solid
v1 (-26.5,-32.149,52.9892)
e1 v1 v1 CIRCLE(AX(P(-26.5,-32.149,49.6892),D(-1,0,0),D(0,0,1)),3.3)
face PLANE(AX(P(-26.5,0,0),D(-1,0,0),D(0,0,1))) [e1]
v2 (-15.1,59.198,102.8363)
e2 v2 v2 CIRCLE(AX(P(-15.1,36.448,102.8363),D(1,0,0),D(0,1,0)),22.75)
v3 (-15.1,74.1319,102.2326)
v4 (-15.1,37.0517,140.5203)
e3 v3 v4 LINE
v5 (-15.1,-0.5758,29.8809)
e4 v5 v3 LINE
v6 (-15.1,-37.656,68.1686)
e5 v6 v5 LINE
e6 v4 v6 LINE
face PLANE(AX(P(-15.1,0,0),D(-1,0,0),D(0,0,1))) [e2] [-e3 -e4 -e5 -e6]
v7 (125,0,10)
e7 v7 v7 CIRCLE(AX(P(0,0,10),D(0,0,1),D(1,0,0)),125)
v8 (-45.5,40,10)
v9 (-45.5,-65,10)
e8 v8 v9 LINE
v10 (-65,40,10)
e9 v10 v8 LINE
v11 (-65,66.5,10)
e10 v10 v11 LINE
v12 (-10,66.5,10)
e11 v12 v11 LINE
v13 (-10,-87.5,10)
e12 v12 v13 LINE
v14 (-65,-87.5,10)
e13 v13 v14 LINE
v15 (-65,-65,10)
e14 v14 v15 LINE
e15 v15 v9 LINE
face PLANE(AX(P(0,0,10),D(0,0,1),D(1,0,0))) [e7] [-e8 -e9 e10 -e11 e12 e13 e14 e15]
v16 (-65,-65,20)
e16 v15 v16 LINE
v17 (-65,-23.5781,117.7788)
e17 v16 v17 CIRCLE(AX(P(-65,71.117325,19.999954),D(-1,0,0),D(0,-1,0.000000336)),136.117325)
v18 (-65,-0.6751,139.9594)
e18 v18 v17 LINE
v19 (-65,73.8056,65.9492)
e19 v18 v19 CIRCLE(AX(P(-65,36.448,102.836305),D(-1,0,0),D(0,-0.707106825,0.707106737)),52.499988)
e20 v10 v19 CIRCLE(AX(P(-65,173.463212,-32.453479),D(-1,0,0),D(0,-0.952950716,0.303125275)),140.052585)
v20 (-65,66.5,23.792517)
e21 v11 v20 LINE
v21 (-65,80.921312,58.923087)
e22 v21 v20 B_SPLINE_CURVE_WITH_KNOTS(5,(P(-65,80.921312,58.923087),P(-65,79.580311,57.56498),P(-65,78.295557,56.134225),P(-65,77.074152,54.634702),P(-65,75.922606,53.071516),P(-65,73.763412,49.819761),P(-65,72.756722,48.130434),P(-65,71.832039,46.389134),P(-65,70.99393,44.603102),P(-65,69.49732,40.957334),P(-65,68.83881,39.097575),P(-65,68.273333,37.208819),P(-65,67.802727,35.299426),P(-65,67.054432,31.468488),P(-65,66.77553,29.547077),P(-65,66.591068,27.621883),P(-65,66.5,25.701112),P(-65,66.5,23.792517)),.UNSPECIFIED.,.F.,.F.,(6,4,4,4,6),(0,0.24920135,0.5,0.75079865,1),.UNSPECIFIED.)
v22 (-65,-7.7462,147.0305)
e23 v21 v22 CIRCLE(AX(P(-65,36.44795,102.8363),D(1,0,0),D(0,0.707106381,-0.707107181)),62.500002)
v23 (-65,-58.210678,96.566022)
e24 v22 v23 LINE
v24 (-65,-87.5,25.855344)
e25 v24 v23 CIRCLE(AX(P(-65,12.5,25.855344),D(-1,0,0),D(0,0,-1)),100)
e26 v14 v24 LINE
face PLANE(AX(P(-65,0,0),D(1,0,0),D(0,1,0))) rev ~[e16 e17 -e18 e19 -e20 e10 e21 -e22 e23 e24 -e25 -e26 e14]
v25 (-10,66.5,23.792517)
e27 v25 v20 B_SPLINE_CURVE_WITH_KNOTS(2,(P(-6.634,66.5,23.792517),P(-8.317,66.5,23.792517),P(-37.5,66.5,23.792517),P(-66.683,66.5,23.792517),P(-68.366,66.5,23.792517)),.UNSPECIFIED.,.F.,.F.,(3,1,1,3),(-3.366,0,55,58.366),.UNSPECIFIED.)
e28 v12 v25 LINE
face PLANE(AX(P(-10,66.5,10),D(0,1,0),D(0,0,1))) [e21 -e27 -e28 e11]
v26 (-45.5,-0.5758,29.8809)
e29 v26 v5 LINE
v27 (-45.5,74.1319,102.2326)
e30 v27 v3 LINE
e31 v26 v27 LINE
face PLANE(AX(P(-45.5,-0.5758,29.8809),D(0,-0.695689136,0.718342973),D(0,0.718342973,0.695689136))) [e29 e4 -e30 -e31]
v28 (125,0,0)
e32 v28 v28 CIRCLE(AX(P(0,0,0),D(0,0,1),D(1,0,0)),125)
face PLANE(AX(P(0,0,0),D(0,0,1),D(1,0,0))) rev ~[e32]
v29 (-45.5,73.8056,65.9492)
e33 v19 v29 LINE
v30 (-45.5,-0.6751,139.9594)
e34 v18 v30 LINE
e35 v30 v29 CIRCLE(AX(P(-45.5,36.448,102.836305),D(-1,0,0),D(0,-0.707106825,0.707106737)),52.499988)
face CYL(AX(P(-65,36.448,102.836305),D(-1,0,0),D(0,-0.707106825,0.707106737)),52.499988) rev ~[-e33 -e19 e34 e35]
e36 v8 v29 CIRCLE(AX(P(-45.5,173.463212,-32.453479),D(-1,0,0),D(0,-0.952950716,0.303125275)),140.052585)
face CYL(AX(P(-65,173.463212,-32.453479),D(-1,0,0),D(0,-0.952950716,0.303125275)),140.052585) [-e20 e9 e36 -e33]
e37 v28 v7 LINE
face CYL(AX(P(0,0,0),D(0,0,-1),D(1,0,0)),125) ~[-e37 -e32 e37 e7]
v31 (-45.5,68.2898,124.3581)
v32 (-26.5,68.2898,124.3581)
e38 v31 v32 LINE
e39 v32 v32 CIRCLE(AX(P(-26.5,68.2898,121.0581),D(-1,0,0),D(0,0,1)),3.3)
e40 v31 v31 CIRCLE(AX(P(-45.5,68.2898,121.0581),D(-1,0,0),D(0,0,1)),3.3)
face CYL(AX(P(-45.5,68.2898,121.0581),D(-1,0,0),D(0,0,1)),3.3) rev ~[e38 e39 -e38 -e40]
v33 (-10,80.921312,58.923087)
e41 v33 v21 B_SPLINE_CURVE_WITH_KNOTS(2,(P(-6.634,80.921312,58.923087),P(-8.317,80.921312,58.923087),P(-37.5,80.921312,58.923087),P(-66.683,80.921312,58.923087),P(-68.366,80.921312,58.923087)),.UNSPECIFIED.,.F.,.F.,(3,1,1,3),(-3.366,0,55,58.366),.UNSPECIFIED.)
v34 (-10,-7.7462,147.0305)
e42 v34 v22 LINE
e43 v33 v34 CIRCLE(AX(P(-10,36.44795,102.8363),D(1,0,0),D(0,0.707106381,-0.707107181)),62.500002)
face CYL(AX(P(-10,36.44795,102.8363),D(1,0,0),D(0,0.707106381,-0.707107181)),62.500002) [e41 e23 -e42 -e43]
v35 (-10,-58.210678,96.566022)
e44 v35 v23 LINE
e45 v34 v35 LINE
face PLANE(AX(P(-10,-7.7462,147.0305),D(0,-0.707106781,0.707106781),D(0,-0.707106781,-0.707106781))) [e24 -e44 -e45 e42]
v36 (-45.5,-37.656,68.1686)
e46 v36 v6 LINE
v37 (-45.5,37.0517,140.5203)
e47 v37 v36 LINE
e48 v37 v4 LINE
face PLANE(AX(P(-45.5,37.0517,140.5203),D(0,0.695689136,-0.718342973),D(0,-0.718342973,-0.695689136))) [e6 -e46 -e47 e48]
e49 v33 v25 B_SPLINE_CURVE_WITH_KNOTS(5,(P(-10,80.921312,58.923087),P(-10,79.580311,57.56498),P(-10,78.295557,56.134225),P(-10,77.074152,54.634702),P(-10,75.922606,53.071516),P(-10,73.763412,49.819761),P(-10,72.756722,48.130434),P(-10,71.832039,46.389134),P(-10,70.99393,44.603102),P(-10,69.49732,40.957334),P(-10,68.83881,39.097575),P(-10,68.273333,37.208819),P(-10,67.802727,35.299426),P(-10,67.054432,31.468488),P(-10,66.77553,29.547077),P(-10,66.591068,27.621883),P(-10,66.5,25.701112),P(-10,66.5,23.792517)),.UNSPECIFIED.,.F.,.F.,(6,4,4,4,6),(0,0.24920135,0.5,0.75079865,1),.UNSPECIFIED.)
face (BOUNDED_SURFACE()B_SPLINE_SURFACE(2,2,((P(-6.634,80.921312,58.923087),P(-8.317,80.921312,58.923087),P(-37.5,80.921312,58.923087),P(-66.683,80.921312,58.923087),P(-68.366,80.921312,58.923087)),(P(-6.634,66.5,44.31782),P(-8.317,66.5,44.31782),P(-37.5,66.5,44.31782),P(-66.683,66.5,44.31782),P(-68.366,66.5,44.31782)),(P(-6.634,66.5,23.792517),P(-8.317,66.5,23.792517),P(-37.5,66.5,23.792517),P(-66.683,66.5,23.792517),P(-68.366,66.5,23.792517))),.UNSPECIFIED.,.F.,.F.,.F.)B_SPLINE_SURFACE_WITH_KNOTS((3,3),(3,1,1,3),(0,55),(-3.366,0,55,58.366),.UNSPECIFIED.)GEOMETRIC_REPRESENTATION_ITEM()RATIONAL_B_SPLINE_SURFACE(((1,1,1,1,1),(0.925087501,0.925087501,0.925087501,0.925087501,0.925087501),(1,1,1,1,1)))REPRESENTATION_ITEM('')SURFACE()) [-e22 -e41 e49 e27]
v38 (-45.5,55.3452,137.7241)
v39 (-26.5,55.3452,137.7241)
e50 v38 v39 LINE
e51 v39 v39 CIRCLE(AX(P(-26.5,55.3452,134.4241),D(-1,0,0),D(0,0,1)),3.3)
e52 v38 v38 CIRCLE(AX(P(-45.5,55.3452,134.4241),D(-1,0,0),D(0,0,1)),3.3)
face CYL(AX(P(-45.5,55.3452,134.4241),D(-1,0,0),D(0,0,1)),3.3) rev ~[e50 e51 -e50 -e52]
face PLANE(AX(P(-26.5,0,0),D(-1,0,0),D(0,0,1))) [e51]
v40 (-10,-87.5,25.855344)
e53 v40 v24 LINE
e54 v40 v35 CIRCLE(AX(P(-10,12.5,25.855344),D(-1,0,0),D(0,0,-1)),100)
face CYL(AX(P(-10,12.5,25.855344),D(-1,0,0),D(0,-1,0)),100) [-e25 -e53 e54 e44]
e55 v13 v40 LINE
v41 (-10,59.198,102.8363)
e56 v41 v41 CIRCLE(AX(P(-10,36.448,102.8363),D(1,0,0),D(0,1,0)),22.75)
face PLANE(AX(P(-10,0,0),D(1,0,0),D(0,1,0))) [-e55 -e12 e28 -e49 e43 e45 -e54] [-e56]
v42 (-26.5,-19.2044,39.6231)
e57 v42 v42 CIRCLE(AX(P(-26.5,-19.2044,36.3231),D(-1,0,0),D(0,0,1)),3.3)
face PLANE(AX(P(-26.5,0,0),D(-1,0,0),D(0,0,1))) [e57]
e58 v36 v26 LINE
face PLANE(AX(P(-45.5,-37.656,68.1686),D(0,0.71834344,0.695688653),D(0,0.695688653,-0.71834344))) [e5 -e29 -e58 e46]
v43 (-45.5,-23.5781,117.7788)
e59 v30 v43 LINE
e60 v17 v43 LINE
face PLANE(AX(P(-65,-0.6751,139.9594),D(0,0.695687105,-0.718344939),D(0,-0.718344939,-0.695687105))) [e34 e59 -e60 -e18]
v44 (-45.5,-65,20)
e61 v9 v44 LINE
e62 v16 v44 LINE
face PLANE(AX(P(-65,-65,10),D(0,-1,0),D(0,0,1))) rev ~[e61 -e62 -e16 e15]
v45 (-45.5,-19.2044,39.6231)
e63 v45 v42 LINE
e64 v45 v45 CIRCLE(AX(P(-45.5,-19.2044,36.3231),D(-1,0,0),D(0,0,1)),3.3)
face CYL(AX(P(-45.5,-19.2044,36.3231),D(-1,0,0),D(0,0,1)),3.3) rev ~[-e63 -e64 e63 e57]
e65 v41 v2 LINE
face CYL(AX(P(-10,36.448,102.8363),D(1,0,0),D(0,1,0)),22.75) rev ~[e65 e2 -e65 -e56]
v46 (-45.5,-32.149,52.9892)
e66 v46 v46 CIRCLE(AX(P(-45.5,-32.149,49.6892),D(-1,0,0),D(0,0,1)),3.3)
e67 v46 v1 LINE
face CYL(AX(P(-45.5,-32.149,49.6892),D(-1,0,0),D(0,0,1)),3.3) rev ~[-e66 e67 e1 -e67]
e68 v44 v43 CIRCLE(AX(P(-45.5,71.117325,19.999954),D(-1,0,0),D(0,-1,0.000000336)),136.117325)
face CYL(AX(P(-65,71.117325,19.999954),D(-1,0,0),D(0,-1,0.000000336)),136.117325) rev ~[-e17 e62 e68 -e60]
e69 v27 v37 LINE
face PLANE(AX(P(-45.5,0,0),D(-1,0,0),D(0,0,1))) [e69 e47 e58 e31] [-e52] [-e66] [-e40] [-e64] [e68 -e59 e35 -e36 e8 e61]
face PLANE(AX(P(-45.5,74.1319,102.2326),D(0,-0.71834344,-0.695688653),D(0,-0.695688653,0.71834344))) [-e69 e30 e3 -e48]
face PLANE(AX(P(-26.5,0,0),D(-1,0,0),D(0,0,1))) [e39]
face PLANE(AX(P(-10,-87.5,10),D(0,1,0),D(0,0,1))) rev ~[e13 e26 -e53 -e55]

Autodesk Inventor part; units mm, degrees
ref_plane "XZ Plane" through (0, 0, 0) normal (0, 1, 0) x (-1, 0, 0)
ref_plane "XY Plane" through (0, 0, 0) normal (0, 0, 1) x (1, 0, 0)
sketch "Sketch1" plane through (0, 0, 0) normal (0, 0, 1) x (1, 0, 0)
  circle A0 centre (0, 0) radius 125
  dimension "d0" = 250
extrude "Extrusion1" add sketch "Sketch1" along normal blind 10
ref_plane "Work Plane1" through (-10, 0, 0) normal (1, 0, 0) x (0, 1, 0)
sketch "Sketch2" plane through (-10, 0, 0) normal (1, 0, 0) x (0, 1, 0)
  line L0 (0, 0) -> (0, 156.8689) construction
  line L1 (125, 10) -> (-125, 10) projected
  line L2 (0, 10) -> (-87.5, 10)
  line L3 (-87.5, 10) -> (-87.5, 67.2767)
  line L4 (0, 10) -> (66.5, 10)
  line L5 (66.5, 10) -> (66.5, 44.5)
  line L6 (66.5, 44.5) -> (80.6421, 58.6421)
  line L7 (66.5, 44.5) -> (86.5, 44.5) construction
  line L8 (80.6421, 58.6421) -> (-7.7462, 147.0305) construction
  arc A0 (80.6421, 58.6421) -> (-7.7462, 147.0305) centre (36.448, 102.8363) ccw
  line L9 (-7.7462, 147.0305) -> (-87.5, 67.2767)
  line L10 (-7.7462, 147.0305) -> (127.2538, 147.0305) construction
  circle A1 centre (36.448, 102.8363) radius 22.75
  dimension "d4" = 87.5
  dimension "d6" = 66.5
  dimension "d7" = 34.5
  dimension "d8" = 20
  dimension "d9" = 45
  dimension "d10" = 125
  dimension "d11" = 135
  dimension "d12" = 45.5
extrude "Extrusion2" add sketch "Sketch2" against normal blind 55
fillet "Fillet1" radius 100 1 edges at (-37.5, -87.5, 67.2767)
fillet "Fillet2" radius 50 1 edges at (-37.5, 66.5, 44.5)
sketch "Sketch3" plane through (-65, 0, 0) normal (-1, 0, 0) x (0, 0, 1)
  line L0 (25.8553, -87.5) -> (10, -87.5) projected
  line L1 (10, -87.5) -> (25.8553, -87.5)
  arc A0 (25.8553, -87.5) -> (96.566, -58.2107) centre (25.8553, 12.5) ccw projected
  arc A1 (25.8553, -87.5) -> (96.566, -58.2107) centre (25.8553, 12.5) ccw
  line L2 (96.566, -58.2107) -> (147.0305, -7.7462) projected
  line L3 (96.566, -58.2107) -> (147.0305, -7.7462)
  arc A2 (147.0305, -7.7462) -> (58.6421, 80.6421) centre (102.8363, 36.448) ccw projected
  arc A3 (147.0305, -7.7462) -> (58.9231, 80.9213) centre (102.8363, 36.448) ccw
  arc A4 (23.7925, 66.5) -> (58.9231, 80.9213) centre (23.7925, 116.5) ccw projected
  arc A5 (23.7925, 66.5) -> (58.9231, 80.9213) centre (23.7925, 116.5) ccw
  line L4 (44.5, 66.5) -> (10, 66.5) projected
  line L5 (23.7925, 66.5) -> (10, 66.5)
  line L6 (10, 66.5) -> (10, -87.5)
  arc A6 (139.9594, -0.6751) -> (65.9492, 73.8056) centre (102.8363, 36.448) ccw
  line L7 (139.9594, -0.6751) -> (117.7788, -23.5781)
  line L8 (0, 0) -> (182.0155, 0) construction
  line L9 (0, -125) -> (0, 125) construction
  line L10 (10, 0) -> (10, -65) construction
  line L11 (10, -65) -> (20, -65)
  arc A7 (20, -65) -> (117.7788, -23.5781) centre (20, 71.1171) ccw
  line L12 (10, 0) -> (10, 40) construction
  arc A8 (10, 40) -> (65.9492, 73.8056) centre (-32.4537, 173.4637) ccw
  dimension "d16" = 10
  dimension "d17" = 65
  dimension "d18" = 10
  dimension "d19" = 40
extrude "Extrusion3" cut sketch "Sketch3" against normal blind 19.5 contours L6 A8 A6 L7 A7 L11
sketch "Sketch4" plane through (-45.5, 0, 0) normal (-1, 0, 0) x (0, 0, 1)
  line L0 (143.3452, 39.9686) -> (60.7799, -45.2853) construction
  line L1 (139.9594, -0.6751) -> (117.7788, -23.5781) construction
  circle A0 centre (102.8363, 36.448) radius 22.75 construction
  line L2 (102.2737, 74.1744) -> (28.4952, -2.0066) construction
  line L3 (100.9974, 75.3281) -> (145.8599, 31.8805) construction
  line L4 (22.9611, 6.1258) -> (80.8137, -49.9023) construction
  line L5 (140.5203, 37.0517) -> (68.1686, -37.656)
  line L6 (68.1686, -37.656) -> (29.8809, -0.5758)
  line L7 (29.8809, -0.5758) -> (102.2326, 74.1319)
  line L8 (102.2326, 74.1319) -> (140.5203, 37.0517)
  point P0 (0, 0)
  dimension "d24" = 26.65
  dimension "d25" = 26.65
  dimension "d26" = 26.65
  dimension "d27" = 104
extrude "Extrusion4" cut sketch "Sketch4" against normal blind 30.4
sketch "Sketch5" plane through (-45.5, 0, 0) normal (-1, 0, 0) x (0, 0, 1)
  line L0 (147.2746, 42.9) -> (108.2076, 80.7349) construction
  line L1 (102.2326, 74.1319) -> (140.5203, 37.0517) construction
  circle A0 centre (134.4241, 55.3452) radius 3.3
  circle A1 centre (121.0581, 68.2898) radius 3.3
  line L2 (121.3764, 55.5918) -> (127.7411, 61.8175) construction
  line L3 (140.5203, 37.0517) -> (68.1686, -37.656) construction
  line L4 (104.3444, -0.3021) -> (66.0567, 36.7781) construction
  line L5 (29.8809, -0.5758) -> (102.2326, 74.1319) construction
  circle A2 centre (49.6892, -32.149) radius 3.3
  circle A3 centre (36.3231, -19.2044) radius 3.3
  point P0 (0, 0)
  dimension "d30" = 8.9
  dimension "d31" = 6.6
  dimension "d32" = 6.6
  dimension "d33" = 9.3
  dimension "d34" = 9.3
extrude "Extrusion5" cut sketch "Sketch5" against normal blind 19
properties part number "Final Waist"
